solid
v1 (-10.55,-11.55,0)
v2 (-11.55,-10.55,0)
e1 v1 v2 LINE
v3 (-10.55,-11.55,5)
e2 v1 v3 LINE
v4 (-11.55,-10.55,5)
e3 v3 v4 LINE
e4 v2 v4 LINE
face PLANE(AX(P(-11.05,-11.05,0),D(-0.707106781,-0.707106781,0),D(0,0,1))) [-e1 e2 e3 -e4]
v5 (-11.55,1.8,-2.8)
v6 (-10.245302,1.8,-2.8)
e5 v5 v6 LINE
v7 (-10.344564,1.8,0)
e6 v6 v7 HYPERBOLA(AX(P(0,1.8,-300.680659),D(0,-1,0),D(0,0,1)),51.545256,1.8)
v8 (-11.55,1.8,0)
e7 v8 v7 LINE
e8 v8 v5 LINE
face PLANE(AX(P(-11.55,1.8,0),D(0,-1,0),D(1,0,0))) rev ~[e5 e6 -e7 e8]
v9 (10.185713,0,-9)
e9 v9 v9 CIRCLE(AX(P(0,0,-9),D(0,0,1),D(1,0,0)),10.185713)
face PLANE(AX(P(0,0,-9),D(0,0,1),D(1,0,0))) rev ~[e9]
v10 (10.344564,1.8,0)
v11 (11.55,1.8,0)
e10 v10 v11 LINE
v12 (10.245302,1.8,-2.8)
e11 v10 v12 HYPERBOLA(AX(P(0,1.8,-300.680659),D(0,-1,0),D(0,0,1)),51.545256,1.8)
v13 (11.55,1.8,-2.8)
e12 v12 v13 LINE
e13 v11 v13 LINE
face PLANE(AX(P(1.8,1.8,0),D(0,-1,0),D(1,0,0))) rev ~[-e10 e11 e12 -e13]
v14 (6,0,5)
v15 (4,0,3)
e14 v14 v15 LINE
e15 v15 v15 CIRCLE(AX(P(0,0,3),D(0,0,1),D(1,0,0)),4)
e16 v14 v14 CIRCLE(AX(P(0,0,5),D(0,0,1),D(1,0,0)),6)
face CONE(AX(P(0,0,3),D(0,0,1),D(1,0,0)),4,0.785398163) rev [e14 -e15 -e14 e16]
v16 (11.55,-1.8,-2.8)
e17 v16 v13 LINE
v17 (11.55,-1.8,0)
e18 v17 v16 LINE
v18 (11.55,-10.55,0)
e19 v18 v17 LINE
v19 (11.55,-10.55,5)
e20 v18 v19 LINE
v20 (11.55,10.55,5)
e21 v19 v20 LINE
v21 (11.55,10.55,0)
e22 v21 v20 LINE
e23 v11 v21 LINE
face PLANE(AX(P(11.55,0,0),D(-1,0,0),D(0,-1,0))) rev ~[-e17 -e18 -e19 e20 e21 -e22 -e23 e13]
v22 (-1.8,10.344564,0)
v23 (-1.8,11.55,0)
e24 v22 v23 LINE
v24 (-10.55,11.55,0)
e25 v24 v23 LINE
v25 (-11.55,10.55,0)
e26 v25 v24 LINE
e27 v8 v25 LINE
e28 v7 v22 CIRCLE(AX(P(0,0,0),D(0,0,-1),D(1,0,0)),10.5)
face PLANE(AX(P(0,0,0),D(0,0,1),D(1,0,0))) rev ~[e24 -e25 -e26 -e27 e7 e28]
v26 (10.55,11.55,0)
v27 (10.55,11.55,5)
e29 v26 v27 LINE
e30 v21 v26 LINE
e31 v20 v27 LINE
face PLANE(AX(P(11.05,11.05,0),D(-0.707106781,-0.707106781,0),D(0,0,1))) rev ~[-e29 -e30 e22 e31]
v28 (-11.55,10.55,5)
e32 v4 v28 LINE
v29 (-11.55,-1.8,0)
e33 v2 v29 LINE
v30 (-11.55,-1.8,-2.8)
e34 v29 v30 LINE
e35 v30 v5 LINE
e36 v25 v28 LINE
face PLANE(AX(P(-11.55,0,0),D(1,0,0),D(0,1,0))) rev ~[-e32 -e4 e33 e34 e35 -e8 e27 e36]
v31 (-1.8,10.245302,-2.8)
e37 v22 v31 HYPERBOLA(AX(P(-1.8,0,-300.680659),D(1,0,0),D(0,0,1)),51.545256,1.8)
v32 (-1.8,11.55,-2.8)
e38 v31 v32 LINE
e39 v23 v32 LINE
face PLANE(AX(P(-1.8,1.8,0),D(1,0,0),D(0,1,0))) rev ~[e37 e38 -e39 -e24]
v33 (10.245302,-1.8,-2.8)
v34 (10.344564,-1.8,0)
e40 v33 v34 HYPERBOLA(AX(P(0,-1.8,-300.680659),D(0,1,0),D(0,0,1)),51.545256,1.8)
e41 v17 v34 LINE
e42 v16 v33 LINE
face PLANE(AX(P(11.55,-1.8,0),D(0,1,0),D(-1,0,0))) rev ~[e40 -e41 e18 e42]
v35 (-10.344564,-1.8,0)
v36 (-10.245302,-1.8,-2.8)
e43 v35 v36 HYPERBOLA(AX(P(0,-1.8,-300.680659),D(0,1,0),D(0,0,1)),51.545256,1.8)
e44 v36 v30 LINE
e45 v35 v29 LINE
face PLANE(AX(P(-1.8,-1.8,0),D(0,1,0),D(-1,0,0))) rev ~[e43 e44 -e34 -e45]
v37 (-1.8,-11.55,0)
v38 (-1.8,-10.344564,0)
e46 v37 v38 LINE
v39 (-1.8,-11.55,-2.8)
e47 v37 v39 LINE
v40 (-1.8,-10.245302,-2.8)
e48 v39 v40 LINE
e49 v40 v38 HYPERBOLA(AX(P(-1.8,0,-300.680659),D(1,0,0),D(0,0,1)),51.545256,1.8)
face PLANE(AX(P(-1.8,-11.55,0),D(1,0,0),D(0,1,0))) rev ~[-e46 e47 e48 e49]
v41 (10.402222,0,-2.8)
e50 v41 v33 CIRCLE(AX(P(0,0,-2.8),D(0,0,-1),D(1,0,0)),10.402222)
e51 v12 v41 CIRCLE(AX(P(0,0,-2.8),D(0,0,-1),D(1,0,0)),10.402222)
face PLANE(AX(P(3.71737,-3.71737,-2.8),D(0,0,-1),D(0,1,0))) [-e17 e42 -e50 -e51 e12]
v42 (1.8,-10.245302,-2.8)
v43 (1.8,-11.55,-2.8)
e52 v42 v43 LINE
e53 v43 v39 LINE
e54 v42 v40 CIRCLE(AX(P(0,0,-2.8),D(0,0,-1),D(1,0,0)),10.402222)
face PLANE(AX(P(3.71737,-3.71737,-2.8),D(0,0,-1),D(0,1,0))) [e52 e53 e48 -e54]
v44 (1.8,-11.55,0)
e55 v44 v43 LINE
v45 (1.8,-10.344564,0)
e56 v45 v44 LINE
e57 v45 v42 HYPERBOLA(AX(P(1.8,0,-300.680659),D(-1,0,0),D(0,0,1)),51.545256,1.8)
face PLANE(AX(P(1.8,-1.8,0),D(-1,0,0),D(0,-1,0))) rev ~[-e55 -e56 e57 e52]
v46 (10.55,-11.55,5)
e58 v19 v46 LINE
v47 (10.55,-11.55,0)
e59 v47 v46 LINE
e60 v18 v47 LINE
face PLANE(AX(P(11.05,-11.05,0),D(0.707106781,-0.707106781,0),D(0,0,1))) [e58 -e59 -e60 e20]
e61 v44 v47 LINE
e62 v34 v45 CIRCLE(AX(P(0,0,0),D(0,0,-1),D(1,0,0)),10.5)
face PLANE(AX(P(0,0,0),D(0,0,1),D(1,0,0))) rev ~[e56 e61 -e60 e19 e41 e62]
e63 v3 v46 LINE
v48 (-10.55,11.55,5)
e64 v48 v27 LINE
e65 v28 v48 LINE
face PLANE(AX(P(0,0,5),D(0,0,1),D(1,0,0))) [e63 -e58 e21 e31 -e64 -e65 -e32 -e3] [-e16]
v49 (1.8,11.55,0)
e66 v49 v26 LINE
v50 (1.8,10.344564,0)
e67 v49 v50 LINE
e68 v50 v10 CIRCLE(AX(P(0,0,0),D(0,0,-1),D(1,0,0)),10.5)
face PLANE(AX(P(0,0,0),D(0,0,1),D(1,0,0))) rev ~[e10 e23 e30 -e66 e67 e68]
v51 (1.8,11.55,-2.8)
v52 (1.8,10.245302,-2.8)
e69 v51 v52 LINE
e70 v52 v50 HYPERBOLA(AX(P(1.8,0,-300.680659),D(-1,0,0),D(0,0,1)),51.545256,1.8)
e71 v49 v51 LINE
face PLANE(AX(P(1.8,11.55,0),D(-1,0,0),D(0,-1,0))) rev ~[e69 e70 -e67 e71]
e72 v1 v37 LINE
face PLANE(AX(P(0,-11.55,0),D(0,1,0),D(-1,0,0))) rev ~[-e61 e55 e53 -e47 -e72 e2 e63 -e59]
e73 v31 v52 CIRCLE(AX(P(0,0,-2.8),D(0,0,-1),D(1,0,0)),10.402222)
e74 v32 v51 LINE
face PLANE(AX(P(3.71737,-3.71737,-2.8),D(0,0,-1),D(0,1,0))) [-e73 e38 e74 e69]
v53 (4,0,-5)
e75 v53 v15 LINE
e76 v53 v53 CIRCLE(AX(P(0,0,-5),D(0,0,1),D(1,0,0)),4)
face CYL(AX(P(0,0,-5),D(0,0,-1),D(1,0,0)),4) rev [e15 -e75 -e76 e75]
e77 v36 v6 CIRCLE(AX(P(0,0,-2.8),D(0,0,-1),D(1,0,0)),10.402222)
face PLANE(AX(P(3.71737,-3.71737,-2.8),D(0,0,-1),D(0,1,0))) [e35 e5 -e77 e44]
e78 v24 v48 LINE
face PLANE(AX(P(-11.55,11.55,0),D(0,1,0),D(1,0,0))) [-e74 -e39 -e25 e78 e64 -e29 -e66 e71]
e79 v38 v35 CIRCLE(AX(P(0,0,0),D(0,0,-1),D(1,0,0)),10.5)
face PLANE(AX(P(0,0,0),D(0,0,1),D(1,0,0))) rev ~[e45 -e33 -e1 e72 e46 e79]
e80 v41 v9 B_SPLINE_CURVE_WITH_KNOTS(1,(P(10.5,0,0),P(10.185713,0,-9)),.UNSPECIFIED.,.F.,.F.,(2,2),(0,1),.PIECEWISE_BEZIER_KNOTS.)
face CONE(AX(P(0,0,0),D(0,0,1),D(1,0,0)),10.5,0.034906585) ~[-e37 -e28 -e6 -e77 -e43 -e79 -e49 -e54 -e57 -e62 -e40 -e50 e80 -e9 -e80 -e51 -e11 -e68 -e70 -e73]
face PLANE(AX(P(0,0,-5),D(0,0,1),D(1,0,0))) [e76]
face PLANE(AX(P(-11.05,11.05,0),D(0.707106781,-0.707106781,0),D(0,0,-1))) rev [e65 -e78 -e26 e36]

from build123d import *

# Parameters (mm, degrees)
SKETCH011_W           = 23.1
SKETCH011_H           = 23.1
PAD007_DEPTH          = 5
PAD008_DEPTH          = 2.8
POLARPATTERN001_COUNT = 4
SKETCH013_R           = 10.5
PAD009_DEPTH          = 9
PAD009_TAPER          = 2
SKETCH014_R           = 4
POCKET003_DEPTH       = 10
CHAMFER003_SIZE       = 1
CHAMFER_SIZE          = 2


with BuildPart() as part:
    # Sketch011 → Pad007 (new body)
    with BuildSketch(Plane.XY):
        Rectangle(SKETCH011_W, SKETCH011_H)
    extrude(amount=PAD007_DEPTH)

    # Sketch012 → Pad008 (join)
    with BuildSketch(Plane.XY):
        Polygon((0, 11.55), (1.8, 11.55), (1.8, 1.8), (11.55, 1.8), (11.55, 0), (0, 0), align=None)
    pad008 = extrude(amount=-PAD008_DEPTH)

    # PolarPattern001: Pad008 ×4 about axis
    polarpattern001_axis = Axis((0, 0, 0), (0, 0, 1))
    for i in range(1, POLARPATTERN001_COUNT):
        add(pad008.rotate(polarpattern001_axis, i * 360 / POLARPATTERN001_COUNT))

    # Sketch013 → Pad009 (join)
    with BuildSketch(Plane.XY):
        Circle(SKETCH013_R)
    extrude(amount=-PAD009_DEPTH, taper=PAD009_TAPER)

    # Sketch014 → Pocket003 (cut)
    with BuildSketch(Plane.XY.offset(-5)):
        Circle(SKETCH014_R)
    extrude(amount=POCKET003_DEPTH, mode=Mode.SUBTRACT)

    # Chamfer003
    chamfer003_edges = [part.edges().sort_by_distance(p)[0] for p in [
        (-11.55, -11.55, 2.5),
        (11.55, -11.55, 2.5),
        (-11.55, 11.55, 2.5),
        (11.55, 11.55, 2.5),
    ]]
    chamfer(chamfer003_edges, length=CHAMFER003_SIZE)

    # Chamfer
    chamfer_edges = [part.edges().sort_by_distance(p)[0] for p in [
        (-4, 0, 5),
    ]]
    chamfer(chamfer_edges, length=CHAMFER_SIZE)


solid = part.part
